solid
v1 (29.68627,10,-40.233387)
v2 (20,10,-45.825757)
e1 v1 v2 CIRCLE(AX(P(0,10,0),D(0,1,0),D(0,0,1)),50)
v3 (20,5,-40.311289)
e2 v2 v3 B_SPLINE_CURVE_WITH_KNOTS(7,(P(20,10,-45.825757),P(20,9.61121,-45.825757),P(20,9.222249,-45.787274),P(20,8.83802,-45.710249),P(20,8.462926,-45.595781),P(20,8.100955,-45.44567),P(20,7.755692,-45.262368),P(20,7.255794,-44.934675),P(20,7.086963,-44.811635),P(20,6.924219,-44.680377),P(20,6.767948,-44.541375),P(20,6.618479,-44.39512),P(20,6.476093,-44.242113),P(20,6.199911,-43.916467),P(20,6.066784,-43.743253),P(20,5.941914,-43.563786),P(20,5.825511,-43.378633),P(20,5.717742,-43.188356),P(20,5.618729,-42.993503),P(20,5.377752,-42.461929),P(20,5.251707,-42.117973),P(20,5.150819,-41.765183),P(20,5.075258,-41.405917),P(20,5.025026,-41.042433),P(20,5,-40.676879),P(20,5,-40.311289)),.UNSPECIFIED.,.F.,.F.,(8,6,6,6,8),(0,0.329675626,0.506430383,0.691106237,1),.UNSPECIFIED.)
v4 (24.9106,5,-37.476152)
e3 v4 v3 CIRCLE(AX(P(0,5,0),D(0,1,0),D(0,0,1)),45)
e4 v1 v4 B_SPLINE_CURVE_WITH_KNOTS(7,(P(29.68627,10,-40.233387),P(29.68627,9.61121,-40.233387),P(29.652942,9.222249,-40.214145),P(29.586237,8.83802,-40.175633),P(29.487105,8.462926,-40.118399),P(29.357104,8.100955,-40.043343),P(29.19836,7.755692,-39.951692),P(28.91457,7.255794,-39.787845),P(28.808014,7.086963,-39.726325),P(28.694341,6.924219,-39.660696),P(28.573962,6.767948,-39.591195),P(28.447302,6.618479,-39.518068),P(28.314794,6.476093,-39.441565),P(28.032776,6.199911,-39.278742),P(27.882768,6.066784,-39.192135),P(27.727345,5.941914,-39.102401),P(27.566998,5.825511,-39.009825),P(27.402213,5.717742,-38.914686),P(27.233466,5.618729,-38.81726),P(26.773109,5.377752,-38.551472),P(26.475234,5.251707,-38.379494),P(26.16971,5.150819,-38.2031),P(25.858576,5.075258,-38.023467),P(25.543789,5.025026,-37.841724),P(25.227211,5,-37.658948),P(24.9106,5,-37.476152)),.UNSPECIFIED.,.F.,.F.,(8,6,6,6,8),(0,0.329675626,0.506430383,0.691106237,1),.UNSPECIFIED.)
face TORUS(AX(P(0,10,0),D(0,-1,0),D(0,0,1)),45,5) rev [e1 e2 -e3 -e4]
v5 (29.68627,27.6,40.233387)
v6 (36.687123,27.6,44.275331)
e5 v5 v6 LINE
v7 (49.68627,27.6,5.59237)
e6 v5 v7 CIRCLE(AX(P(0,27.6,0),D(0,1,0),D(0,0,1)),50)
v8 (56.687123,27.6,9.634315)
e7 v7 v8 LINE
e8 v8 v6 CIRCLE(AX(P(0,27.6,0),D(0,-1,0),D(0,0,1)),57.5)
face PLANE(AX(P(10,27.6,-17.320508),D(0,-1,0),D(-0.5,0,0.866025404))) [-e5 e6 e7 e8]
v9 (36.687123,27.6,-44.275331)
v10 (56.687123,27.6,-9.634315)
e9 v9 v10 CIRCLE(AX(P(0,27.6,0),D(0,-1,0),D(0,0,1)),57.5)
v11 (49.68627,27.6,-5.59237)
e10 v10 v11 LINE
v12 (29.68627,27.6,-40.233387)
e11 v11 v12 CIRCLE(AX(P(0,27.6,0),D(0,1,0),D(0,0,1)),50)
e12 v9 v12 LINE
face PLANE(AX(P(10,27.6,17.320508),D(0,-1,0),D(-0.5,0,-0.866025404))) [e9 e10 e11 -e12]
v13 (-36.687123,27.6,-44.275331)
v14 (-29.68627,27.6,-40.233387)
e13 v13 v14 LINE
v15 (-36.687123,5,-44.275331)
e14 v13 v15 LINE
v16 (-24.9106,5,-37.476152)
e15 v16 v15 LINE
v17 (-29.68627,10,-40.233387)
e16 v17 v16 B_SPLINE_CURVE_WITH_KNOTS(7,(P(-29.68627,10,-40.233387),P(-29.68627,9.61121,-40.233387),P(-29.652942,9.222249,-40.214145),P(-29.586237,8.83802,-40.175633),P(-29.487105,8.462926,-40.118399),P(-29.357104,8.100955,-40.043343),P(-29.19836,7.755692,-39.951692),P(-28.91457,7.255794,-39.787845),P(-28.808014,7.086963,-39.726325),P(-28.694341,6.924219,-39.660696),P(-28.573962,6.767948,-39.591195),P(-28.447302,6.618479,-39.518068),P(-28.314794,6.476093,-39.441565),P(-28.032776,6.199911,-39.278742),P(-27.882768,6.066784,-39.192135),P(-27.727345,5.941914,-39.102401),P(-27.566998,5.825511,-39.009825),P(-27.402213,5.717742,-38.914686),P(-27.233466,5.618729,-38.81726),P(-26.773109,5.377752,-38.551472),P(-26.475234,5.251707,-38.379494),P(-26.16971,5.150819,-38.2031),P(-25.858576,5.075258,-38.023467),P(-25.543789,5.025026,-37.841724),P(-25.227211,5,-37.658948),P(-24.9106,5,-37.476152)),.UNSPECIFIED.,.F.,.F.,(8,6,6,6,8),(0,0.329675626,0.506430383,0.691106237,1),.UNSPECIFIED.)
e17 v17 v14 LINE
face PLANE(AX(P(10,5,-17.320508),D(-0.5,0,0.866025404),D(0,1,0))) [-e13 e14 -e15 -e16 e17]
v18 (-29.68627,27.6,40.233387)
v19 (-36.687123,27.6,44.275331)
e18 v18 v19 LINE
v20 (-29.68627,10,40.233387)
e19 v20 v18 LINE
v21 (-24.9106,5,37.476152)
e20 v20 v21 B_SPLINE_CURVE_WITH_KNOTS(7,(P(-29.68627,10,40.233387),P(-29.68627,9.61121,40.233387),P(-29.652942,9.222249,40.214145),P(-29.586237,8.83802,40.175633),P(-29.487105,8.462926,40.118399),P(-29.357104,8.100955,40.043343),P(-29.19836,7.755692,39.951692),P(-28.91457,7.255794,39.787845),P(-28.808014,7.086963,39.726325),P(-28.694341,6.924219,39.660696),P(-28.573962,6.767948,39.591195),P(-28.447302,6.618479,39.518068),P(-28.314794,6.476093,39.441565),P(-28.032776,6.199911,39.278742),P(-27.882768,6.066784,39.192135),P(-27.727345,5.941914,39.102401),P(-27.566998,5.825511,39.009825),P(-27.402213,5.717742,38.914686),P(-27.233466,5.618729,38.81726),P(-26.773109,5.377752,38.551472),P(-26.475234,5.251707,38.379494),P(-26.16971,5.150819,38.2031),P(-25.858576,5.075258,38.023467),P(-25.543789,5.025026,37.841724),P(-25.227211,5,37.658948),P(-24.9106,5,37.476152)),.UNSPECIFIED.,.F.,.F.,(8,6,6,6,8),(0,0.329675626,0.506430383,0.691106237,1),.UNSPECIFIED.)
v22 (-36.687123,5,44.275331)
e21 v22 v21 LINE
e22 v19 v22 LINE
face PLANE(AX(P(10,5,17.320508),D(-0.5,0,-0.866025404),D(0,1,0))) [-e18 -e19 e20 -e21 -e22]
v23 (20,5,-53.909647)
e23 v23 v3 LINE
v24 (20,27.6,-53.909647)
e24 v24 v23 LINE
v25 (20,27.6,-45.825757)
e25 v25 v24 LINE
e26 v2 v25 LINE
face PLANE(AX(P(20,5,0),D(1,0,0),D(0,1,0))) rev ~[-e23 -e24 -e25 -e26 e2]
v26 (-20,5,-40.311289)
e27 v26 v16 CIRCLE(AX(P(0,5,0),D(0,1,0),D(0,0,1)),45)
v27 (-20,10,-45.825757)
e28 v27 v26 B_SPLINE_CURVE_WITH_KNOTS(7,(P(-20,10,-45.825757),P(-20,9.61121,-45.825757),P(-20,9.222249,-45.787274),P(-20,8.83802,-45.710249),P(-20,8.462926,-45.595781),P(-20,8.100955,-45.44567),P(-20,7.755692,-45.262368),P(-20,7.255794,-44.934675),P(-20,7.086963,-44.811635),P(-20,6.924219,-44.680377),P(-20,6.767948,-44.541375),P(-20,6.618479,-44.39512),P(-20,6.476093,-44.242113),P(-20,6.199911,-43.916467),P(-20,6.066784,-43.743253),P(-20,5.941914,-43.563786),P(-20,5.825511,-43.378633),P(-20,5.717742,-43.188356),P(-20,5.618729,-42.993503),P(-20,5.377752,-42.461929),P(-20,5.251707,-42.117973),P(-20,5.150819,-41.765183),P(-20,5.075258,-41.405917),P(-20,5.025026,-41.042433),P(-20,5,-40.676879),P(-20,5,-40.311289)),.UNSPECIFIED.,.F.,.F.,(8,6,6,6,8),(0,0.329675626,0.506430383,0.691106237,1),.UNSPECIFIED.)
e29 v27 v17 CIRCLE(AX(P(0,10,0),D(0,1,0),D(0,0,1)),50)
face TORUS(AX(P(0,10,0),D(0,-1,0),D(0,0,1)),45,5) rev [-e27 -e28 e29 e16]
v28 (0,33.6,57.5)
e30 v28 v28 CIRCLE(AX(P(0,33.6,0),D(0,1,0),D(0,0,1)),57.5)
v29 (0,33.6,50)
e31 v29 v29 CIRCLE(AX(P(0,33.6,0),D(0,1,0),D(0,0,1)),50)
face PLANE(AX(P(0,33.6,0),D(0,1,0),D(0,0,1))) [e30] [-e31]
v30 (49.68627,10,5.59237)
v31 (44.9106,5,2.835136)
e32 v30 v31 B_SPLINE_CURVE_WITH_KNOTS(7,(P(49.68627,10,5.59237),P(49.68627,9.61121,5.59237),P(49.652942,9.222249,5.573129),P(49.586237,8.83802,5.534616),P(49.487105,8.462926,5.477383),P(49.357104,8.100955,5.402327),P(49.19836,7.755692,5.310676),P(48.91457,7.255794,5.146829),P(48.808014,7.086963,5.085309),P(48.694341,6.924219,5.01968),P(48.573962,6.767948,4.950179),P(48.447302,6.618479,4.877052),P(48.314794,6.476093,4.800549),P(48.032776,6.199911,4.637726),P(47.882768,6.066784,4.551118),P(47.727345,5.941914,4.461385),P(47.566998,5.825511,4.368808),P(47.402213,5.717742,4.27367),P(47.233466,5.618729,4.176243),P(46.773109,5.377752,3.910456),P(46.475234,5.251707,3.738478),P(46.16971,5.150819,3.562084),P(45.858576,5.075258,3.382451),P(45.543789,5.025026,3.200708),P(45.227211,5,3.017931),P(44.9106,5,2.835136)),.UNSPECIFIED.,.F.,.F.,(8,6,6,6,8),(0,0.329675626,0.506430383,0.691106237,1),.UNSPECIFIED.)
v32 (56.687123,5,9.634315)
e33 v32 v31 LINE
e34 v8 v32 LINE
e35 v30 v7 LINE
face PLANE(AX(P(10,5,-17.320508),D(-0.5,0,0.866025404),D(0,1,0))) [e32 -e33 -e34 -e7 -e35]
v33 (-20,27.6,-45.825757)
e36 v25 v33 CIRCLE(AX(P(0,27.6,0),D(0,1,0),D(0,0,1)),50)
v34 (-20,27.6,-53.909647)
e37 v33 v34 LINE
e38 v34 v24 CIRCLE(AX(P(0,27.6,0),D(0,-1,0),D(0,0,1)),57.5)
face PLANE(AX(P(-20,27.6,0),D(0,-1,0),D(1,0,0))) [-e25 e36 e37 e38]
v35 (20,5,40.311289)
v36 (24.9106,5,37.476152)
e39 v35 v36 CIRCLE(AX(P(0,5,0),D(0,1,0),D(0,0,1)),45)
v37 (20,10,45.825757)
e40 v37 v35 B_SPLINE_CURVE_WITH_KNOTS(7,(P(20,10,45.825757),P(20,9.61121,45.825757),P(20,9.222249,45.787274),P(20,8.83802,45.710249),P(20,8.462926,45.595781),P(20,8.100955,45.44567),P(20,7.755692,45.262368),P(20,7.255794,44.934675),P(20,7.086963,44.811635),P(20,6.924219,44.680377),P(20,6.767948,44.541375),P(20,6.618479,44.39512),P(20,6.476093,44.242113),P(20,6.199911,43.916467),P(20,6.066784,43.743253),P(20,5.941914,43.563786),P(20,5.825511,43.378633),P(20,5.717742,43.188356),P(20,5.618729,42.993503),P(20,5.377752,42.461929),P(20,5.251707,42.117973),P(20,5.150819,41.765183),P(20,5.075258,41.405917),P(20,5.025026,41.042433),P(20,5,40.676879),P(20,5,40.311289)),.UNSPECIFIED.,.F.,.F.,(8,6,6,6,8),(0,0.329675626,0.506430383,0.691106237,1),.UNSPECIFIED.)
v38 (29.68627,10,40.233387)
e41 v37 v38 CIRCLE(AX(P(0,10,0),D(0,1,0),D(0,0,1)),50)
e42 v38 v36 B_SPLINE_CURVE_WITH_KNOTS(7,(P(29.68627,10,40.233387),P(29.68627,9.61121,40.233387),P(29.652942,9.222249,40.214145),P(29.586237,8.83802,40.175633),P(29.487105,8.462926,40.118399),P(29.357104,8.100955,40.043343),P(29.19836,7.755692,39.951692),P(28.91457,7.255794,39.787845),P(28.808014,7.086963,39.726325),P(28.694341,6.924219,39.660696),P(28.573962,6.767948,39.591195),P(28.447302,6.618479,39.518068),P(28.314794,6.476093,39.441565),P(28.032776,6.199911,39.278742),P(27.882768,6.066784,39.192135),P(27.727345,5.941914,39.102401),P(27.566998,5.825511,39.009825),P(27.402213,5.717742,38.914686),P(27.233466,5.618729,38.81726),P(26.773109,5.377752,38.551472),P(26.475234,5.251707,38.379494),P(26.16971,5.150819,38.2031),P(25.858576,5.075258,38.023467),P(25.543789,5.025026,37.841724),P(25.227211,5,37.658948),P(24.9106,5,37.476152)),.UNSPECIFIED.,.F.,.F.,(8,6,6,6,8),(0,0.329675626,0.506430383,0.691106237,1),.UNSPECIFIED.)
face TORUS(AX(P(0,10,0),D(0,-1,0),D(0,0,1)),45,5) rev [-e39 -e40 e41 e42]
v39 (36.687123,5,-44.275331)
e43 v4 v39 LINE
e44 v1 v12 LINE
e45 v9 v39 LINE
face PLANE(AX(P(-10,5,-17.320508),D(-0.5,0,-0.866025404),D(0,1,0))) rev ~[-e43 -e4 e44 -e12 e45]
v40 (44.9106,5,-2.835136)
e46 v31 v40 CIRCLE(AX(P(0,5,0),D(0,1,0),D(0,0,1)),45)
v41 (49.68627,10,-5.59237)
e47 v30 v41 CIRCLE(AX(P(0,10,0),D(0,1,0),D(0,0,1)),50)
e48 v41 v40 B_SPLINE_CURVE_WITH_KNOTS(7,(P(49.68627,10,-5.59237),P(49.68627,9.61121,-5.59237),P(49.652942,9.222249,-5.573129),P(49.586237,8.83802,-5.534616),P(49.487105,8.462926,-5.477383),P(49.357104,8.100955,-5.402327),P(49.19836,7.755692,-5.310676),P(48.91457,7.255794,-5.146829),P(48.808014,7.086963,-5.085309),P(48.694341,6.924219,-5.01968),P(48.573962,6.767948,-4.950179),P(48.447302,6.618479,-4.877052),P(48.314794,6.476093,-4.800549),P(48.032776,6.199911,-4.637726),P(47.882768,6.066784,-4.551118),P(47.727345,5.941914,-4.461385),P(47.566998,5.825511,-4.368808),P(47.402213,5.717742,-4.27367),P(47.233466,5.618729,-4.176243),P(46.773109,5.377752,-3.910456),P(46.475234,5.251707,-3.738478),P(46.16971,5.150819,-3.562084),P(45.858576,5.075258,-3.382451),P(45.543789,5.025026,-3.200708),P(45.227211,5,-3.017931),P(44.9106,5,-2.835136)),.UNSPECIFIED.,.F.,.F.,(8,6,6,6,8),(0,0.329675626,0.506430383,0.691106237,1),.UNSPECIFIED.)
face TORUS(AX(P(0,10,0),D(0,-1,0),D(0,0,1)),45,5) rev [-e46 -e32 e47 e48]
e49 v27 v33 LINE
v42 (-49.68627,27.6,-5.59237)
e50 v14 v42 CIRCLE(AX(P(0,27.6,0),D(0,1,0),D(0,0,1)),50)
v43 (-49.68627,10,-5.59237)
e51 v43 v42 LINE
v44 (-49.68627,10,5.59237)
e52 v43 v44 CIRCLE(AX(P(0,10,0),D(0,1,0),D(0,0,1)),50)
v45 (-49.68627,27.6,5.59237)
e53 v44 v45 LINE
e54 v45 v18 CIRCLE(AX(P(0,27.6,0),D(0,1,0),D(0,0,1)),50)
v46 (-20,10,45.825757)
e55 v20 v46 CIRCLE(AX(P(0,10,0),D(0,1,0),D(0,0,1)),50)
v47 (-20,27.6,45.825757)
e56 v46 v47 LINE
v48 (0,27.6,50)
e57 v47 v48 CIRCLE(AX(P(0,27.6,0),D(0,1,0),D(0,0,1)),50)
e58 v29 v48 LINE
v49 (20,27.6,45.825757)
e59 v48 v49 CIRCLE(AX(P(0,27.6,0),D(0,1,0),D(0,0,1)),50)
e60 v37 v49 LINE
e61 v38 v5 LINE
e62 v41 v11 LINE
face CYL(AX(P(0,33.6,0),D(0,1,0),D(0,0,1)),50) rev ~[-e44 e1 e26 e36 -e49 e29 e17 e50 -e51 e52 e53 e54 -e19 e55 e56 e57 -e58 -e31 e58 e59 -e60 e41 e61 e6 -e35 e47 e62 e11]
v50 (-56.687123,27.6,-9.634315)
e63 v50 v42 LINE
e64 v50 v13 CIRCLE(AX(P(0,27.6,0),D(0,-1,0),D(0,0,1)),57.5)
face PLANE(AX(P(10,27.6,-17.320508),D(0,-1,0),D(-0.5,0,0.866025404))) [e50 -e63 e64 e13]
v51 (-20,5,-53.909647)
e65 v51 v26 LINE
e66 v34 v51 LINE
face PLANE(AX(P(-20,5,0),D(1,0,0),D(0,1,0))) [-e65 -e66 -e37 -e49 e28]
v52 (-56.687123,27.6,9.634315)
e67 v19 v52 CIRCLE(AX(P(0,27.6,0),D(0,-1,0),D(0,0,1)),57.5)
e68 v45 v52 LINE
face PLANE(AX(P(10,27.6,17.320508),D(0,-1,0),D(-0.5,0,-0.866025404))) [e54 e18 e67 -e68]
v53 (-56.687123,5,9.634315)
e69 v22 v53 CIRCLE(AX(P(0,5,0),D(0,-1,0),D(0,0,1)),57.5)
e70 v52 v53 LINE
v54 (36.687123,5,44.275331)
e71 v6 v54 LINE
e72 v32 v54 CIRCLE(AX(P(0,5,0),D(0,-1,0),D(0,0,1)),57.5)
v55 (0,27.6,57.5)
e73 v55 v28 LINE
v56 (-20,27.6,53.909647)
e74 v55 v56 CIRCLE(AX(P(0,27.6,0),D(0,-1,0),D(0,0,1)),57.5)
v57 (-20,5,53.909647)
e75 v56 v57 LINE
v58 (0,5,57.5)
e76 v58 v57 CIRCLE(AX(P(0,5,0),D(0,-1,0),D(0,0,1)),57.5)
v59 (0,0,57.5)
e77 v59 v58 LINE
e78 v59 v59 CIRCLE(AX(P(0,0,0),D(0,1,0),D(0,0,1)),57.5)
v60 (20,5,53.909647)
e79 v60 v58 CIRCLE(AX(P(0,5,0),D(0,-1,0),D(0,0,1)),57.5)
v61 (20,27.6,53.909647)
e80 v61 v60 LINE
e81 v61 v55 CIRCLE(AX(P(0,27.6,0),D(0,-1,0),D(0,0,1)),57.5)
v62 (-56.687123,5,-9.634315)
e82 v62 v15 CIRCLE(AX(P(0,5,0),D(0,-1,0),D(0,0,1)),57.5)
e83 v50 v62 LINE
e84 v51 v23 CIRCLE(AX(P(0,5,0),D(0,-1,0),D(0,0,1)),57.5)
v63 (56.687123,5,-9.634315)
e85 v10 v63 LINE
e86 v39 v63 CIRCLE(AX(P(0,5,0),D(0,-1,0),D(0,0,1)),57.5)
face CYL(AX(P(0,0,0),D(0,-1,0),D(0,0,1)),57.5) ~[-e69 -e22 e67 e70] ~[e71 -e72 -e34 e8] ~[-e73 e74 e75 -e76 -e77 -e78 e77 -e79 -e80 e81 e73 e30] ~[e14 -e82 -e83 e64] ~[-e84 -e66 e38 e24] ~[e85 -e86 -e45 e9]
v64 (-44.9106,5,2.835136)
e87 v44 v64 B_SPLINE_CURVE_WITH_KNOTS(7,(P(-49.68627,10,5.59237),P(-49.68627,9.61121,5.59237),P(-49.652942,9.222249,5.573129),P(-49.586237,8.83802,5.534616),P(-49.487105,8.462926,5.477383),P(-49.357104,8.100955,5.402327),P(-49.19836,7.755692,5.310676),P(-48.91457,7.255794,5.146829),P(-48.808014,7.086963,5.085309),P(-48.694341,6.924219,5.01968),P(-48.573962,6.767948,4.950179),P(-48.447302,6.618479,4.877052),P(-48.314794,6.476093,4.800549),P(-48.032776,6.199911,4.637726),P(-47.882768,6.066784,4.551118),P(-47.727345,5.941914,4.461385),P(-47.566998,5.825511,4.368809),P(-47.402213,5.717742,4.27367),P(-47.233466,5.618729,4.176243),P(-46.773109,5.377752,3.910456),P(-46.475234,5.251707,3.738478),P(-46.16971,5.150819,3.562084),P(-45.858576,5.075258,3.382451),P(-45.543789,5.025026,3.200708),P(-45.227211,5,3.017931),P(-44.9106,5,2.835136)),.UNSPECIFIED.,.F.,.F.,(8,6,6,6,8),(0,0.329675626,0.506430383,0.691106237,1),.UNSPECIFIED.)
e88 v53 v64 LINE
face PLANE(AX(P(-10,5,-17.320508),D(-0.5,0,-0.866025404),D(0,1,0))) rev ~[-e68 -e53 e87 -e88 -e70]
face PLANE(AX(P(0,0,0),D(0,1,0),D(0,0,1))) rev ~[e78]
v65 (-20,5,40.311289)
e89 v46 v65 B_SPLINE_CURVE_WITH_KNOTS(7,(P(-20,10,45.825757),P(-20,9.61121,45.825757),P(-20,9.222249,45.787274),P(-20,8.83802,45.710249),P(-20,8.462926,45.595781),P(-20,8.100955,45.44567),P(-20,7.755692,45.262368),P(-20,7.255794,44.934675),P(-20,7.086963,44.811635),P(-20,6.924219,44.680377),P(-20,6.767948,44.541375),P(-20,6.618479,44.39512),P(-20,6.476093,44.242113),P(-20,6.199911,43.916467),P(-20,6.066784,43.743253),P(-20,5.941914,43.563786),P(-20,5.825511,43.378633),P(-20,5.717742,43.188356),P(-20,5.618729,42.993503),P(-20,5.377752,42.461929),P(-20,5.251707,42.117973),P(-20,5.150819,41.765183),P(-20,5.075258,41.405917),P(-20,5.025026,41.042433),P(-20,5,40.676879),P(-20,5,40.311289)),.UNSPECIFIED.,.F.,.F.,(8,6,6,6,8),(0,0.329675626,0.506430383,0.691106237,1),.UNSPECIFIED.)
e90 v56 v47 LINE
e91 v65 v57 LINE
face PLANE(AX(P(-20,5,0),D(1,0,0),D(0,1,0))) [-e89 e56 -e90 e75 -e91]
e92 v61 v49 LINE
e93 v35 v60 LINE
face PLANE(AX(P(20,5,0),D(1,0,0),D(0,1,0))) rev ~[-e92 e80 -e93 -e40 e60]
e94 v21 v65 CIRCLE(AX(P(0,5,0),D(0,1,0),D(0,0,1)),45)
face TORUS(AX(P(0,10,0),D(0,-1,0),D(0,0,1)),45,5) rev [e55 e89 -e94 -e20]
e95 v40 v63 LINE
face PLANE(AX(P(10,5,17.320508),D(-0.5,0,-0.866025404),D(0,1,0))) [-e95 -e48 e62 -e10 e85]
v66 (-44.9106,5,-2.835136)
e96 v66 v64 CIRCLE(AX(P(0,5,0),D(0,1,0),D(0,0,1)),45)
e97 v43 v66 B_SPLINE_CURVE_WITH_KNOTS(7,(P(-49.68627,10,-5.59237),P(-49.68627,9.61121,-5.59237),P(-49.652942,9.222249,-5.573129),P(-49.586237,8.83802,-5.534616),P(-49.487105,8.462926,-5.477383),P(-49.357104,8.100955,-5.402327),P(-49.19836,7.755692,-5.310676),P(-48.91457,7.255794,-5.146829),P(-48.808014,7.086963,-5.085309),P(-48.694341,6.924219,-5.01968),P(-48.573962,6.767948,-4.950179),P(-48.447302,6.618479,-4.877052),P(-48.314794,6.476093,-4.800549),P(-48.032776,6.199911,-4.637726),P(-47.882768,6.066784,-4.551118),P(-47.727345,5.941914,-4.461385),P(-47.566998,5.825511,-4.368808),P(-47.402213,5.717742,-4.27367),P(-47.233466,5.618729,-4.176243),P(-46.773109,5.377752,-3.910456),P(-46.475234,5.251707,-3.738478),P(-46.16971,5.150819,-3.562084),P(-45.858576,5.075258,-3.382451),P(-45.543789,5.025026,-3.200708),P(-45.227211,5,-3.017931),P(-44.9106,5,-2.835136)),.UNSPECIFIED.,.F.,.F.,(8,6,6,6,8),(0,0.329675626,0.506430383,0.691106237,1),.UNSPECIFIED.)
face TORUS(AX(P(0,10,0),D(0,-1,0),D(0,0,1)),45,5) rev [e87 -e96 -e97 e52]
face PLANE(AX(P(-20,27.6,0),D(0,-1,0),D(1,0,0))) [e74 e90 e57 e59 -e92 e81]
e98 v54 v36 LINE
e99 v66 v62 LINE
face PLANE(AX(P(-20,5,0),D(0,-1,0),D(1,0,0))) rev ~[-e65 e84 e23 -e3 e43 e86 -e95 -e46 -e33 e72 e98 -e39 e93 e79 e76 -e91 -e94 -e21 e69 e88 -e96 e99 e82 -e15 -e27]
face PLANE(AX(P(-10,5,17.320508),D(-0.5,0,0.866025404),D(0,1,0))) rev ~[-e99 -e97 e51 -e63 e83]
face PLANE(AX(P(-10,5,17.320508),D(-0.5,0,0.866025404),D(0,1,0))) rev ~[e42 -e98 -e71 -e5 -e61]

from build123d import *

# Parameters (mm, degrees)
SKETCH1_R           = 57.5
BOSS_EXTRUDE1_DEPTH = 33.6
SKETCH2_R           = 50
CUT_EXTRUDE1_DEPTH  = 28.6
FILLET1_R           = 5
SKETCH3_W           = 40
SKETCH3_H           = 22.6
CUT_EXTRUDE2_DEPTH  = 88.985566998
CIRPATTERN1_COUNT   = 3


with BuildPart() as part:
    # Sketch1 → Boss-Extrude1 (new body)
    with BuildSketch(Plane(origin=(0, 0, 0), x_dir=(1, 0, 0), z_dir=(0, 1, 0))):
        with Locations(Location((0, 0, 0), (0, 0, 270))):
            Circle(SKETCH1_R)
    extrude(amount=BOSS_EXTRUDE1_DEPTH)

    # Sketch2 → Cut-Extrude1 (cut)
    with BuildSketch(Plane(origin=(0, 33.6, 0), x_dir=(1, 0, 0), z_dir=(0, 1, 0))):
        with Locations(Location((0, 0, 0), (0, 0, 270))):
            Circle(SKETCH2_R)
    extrude(amount=-CUT_EXTRUDE1_DEPTH, mode=Mode.SUBTRACT)

    # Fillet1
    fillet1_edges = [part.edges().sort_by_distance(p)[0] for p in [
        (0, 5, -50),
    ]]
    fillet(fillet1_edges, radius=FILLET1_R)

    # Sketch3 → Cut-Extrude2 (cut, symmetric)
    with BuildSketch(Plane.XY):
        with Locations((0, 16.3)):
            Rectangle(SKETCH3_W, SKETCH3_H)
    cut_extrude2 = extrude(amount=CUT_EXTRUDE2_DEPTH, both=True, mode=Mode.SUBTRACT)

    # CirPattern1: Cut-Extrude2 ×3 about axis
    cirpattern1_axis = Axis((0, 0, 0), (0, 1, 0))
    for i in range(1, CIRPATTERN1_COUNT):
        add(cut_extrude2.rotate(cirpattern1_axis, i * 360 / CIRPATTERN1_COUNT), mode=Mode.SUBTRACT)


solid = part.part
